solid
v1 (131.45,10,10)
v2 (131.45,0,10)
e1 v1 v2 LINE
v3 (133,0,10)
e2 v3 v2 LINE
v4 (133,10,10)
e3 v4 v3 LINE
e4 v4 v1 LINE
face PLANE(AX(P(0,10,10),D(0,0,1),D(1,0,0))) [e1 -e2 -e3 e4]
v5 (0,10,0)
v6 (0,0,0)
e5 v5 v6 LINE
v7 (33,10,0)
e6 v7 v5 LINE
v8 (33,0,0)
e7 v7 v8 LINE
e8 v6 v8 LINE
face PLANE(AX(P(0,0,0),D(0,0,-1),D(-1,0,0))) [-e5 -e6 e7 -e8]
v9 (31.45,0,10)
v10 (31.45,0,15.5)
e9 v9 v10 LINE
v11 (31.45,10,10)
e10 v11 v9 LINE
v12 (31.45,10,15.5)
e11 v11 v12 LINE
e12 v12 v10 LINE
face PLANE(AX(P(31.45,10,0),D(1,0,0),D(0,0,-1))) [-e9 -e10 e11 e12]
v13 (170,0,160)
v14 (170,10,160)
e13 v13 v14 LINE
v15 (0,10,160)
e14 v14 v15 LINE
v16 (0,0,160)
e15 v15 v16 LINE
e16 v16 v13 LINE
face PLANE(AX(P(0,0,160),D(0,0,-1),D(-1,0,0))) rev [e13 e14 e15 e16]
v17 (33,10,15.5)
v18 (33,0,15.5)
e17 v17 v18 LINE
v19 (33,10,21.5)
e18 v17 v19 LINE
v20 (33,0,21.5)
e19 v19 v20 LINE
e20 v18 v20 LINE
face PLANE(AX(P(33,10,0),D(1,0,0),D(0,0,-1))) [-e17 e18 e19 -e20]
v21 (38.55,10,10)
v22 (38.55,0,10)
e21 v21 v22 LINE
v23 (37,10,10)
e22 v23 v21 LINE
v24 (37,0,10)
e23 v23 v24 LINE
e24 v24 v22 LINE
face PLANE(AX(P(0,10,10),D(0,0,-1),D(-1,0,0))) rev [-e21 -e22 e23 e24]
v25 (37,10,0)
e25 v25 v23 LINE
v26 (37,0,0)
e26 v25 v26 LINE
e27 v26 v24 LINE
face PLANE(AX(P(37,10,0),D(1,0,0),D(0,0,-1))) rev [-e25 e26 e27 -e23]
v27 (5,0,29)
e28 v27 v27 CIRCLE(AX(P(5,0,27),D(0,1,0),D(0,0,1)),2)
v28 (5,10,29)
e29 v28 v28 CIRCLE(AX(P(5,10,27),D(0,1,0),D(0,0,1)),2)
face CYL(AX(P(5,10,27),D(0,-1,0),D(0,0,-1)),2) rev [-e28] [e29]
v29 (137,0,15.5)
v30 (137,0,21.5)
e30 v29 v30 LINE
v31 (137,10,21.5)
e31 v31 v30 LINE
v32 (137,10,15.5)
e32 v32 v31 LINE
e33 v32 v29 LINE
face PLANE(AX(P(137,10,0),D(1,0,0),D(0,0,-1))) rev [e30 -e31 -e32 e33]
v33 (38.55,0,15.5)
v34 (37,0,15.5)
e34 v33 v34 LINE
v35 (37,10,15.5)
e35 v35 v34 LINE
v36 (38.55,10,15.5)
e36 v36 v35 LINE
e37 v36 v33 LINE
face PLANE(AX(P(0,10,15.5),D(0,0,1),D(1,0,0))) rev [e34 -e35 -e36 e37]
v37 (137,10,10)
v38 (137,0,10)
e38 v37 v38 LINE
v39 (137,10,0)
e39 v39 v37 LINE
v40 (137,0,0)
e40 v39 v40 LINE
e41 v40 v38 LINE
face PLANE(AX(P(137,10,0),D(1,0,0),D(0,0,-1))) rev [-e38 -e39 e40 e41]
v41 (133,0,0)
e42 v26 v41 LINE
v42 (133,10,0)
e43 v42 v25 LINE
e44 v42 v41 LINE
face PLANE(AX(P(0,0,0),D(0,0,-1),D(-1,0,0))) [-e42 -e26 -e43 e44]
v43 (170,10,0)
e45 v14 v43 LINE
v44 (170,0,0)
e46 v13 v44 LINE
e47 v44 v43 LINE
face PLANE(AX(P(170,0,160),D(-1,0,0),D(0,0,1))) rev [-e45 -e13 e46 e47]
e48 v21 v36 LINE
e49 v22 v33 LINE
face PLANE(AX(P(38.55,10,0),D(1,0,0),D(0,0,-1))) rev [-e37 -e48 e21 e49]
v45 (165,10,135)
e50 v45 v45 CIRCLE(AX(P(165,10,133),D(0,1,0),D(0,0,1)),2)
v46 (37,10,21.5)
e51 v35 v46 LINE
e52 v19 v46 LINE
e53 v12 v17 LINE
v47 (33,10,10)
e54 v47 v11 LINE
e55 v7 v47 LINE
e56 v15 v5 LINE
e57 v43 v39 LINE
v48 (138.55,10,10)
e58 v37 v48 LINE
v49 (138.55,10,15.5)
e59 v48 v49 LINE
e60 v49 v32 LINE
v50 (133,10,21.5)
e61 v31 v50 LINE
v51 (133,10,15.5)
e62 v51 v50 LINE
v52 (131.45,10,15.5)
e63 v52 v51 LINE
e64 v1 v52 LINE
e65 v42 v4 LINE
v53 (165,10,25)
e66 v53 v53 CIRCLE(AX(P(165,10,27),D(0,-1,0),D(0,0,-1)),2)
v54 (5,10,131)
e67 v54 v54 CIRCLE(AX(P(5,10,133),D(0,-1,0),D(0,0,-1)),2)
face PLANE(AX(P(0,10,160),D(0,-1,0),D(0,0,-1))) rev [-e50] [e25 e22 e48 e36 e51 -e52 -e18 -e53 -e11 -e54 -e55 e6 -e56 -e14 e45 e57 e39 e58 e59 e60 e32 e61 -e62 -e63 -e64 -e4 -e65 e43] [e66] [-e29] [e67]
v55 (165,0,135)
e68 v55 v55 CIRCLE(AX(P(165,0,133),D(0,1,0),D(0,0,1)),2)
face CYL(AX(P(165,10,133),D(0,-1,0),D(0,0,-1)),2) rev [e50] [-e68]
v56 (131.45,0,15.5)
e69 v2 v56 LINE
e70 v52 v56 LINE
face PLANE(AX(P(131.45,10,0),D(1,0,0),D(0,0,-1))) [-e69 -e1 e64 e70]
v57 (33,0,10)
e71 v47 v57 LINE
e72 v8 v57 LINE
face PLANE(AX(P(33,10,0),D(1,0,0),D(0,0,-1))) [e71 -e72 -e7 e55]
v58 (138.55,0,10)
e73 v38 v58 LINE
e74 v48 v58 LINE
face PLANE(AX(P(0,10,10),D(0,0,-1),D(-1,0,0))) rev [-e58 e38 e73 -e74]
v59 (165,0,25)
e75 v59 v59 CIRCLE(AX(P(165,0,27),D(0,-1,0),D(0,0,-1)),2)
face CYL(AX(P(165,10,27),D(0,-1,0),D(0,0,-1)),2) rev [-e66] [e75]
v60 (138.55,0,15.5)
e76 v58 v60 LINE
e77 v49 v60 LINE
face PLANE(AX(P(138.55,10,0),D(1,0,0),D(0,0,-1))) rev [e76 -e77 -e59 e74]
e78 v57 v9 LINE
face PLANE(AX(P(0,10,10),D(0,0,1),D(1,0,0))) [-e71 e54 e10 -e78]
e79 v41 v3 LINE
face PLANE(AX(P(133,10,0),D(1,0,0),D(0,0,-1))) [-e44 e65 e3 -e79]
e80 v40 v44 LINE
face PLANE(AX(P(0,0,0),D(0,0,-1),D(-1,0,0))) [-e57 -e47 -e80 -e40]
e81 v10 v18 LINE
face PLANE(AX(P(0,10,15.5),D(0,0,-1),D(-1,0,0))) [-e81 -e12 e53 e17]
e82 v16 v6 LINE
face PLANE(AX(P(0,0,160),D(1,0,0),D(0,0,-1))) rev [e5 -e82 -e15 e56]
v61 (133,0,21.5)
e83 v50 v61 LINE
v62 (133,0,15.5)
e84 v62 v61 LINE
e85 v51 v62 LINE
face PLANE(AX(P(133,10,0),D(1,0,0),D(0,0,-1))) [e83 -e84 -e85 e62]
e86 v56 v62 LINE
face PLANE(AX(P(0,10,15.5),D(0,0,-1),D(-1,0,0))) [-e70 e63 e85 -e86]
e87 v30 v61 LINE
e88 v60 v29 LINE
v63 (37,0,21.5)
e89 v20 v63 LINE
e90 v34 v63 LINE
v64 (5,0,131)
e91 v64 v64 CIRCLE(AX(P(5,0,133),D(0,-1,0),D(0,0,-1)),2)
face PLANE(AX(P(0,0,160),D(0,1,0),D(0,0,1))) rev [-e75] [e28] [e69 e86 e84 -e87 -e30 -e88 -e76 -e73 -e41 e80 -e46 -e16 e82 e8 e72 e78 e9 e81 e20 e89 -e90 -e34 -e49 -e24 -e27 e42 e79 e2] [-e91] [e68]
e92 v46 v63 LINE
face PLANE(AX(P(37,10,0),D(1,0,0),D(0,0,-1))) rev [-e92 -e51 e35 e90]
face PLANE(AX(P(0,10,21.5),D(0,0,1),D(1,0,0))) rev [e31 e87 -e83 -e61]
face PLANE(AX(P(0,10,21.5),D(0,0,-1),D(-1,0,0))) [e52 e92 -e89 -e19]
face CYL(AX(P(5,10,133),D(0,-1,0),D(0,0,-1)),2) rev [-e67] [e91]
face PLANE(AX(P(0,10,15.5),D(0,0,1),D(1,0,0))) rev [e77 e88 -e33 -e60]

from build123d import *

# Parameters (mm, degrees)
SKETCH1_W               = 170
SKETCH1_H               = 10
BOSS_EXTRUDE1_DEPTH     = 160
ESQUISSE1_R             = 2
ENL_V_MAT_EXTRU_2_DEPTH = 10
ENL_V_MAT_EXTRU_3_DEPTH = 10


with BuildPart() as part:
    # Sketch1 → Boss-Extrude1 (new body)
    with BuildSketch(Plane.XY):
        with Locations((85, 5)):
            Rectangle(SKETCH1_W, SKETCH1_H)
    extrude(amount=BOSS_EXTRUDE1_DEPTH)

    # Esquisse1 → Enlèv. mat.-Extru.2 (cut)
    with BuildSketch(Plane.XZ):
        with Locations(Location((5, 133, 0), (0, 0, 270))):
            Circle(ESQUISSE1_R)
        with Locations(Location((5, 27, 0), (0, 0, 90))):
            Circle(ESQUISSE1_R)
        with Locations(Location((165, 27, 0), (0, 0, 270))):
            Circle(ESQUISSE1_R)
        with Locations(Location((165, 133, 0), (0, 0, 90))):
            Circle(ESQUISSE1_R)
    extrude(amount=-ENL_V_MAT_EXTRU_2_DEPTH, mode=Mode.SUBTRACT)

    # Esquisse2 → Enlèv. mat.-Extru.3 (cut)
    with BuildSketch(Plane(origin=(0, 0, 0), x_dir=(-1, 0, 0), z_dir=(0, -1, 0))):
        Polygon((-133, -10), (-133, 0), (-137, 0), (-137, -10), (-138.55, -10), (-138.55, -15.5), (-137, -15.5), (-137, -21.5), (-133, -21.5), (-133, -15.5), (-131.45, -15.5), (-131.45, -10), align=None)
        Polygon((-33, -10), (-33, 0), (-37, 0), (-37, -10), (-38.55, -10), (-38.55, -15.5), (-37, -15.5), (-37, -21.5), (-33, -21.5), (-33, -15.5), (-31.45, -15.5), (-31.45, -10), align=None)
    extrude(amount=-ENL_V_MAT_EXTRU_3_DEPTH, mode=Mode.SUBTRACT)


solid = part.part
